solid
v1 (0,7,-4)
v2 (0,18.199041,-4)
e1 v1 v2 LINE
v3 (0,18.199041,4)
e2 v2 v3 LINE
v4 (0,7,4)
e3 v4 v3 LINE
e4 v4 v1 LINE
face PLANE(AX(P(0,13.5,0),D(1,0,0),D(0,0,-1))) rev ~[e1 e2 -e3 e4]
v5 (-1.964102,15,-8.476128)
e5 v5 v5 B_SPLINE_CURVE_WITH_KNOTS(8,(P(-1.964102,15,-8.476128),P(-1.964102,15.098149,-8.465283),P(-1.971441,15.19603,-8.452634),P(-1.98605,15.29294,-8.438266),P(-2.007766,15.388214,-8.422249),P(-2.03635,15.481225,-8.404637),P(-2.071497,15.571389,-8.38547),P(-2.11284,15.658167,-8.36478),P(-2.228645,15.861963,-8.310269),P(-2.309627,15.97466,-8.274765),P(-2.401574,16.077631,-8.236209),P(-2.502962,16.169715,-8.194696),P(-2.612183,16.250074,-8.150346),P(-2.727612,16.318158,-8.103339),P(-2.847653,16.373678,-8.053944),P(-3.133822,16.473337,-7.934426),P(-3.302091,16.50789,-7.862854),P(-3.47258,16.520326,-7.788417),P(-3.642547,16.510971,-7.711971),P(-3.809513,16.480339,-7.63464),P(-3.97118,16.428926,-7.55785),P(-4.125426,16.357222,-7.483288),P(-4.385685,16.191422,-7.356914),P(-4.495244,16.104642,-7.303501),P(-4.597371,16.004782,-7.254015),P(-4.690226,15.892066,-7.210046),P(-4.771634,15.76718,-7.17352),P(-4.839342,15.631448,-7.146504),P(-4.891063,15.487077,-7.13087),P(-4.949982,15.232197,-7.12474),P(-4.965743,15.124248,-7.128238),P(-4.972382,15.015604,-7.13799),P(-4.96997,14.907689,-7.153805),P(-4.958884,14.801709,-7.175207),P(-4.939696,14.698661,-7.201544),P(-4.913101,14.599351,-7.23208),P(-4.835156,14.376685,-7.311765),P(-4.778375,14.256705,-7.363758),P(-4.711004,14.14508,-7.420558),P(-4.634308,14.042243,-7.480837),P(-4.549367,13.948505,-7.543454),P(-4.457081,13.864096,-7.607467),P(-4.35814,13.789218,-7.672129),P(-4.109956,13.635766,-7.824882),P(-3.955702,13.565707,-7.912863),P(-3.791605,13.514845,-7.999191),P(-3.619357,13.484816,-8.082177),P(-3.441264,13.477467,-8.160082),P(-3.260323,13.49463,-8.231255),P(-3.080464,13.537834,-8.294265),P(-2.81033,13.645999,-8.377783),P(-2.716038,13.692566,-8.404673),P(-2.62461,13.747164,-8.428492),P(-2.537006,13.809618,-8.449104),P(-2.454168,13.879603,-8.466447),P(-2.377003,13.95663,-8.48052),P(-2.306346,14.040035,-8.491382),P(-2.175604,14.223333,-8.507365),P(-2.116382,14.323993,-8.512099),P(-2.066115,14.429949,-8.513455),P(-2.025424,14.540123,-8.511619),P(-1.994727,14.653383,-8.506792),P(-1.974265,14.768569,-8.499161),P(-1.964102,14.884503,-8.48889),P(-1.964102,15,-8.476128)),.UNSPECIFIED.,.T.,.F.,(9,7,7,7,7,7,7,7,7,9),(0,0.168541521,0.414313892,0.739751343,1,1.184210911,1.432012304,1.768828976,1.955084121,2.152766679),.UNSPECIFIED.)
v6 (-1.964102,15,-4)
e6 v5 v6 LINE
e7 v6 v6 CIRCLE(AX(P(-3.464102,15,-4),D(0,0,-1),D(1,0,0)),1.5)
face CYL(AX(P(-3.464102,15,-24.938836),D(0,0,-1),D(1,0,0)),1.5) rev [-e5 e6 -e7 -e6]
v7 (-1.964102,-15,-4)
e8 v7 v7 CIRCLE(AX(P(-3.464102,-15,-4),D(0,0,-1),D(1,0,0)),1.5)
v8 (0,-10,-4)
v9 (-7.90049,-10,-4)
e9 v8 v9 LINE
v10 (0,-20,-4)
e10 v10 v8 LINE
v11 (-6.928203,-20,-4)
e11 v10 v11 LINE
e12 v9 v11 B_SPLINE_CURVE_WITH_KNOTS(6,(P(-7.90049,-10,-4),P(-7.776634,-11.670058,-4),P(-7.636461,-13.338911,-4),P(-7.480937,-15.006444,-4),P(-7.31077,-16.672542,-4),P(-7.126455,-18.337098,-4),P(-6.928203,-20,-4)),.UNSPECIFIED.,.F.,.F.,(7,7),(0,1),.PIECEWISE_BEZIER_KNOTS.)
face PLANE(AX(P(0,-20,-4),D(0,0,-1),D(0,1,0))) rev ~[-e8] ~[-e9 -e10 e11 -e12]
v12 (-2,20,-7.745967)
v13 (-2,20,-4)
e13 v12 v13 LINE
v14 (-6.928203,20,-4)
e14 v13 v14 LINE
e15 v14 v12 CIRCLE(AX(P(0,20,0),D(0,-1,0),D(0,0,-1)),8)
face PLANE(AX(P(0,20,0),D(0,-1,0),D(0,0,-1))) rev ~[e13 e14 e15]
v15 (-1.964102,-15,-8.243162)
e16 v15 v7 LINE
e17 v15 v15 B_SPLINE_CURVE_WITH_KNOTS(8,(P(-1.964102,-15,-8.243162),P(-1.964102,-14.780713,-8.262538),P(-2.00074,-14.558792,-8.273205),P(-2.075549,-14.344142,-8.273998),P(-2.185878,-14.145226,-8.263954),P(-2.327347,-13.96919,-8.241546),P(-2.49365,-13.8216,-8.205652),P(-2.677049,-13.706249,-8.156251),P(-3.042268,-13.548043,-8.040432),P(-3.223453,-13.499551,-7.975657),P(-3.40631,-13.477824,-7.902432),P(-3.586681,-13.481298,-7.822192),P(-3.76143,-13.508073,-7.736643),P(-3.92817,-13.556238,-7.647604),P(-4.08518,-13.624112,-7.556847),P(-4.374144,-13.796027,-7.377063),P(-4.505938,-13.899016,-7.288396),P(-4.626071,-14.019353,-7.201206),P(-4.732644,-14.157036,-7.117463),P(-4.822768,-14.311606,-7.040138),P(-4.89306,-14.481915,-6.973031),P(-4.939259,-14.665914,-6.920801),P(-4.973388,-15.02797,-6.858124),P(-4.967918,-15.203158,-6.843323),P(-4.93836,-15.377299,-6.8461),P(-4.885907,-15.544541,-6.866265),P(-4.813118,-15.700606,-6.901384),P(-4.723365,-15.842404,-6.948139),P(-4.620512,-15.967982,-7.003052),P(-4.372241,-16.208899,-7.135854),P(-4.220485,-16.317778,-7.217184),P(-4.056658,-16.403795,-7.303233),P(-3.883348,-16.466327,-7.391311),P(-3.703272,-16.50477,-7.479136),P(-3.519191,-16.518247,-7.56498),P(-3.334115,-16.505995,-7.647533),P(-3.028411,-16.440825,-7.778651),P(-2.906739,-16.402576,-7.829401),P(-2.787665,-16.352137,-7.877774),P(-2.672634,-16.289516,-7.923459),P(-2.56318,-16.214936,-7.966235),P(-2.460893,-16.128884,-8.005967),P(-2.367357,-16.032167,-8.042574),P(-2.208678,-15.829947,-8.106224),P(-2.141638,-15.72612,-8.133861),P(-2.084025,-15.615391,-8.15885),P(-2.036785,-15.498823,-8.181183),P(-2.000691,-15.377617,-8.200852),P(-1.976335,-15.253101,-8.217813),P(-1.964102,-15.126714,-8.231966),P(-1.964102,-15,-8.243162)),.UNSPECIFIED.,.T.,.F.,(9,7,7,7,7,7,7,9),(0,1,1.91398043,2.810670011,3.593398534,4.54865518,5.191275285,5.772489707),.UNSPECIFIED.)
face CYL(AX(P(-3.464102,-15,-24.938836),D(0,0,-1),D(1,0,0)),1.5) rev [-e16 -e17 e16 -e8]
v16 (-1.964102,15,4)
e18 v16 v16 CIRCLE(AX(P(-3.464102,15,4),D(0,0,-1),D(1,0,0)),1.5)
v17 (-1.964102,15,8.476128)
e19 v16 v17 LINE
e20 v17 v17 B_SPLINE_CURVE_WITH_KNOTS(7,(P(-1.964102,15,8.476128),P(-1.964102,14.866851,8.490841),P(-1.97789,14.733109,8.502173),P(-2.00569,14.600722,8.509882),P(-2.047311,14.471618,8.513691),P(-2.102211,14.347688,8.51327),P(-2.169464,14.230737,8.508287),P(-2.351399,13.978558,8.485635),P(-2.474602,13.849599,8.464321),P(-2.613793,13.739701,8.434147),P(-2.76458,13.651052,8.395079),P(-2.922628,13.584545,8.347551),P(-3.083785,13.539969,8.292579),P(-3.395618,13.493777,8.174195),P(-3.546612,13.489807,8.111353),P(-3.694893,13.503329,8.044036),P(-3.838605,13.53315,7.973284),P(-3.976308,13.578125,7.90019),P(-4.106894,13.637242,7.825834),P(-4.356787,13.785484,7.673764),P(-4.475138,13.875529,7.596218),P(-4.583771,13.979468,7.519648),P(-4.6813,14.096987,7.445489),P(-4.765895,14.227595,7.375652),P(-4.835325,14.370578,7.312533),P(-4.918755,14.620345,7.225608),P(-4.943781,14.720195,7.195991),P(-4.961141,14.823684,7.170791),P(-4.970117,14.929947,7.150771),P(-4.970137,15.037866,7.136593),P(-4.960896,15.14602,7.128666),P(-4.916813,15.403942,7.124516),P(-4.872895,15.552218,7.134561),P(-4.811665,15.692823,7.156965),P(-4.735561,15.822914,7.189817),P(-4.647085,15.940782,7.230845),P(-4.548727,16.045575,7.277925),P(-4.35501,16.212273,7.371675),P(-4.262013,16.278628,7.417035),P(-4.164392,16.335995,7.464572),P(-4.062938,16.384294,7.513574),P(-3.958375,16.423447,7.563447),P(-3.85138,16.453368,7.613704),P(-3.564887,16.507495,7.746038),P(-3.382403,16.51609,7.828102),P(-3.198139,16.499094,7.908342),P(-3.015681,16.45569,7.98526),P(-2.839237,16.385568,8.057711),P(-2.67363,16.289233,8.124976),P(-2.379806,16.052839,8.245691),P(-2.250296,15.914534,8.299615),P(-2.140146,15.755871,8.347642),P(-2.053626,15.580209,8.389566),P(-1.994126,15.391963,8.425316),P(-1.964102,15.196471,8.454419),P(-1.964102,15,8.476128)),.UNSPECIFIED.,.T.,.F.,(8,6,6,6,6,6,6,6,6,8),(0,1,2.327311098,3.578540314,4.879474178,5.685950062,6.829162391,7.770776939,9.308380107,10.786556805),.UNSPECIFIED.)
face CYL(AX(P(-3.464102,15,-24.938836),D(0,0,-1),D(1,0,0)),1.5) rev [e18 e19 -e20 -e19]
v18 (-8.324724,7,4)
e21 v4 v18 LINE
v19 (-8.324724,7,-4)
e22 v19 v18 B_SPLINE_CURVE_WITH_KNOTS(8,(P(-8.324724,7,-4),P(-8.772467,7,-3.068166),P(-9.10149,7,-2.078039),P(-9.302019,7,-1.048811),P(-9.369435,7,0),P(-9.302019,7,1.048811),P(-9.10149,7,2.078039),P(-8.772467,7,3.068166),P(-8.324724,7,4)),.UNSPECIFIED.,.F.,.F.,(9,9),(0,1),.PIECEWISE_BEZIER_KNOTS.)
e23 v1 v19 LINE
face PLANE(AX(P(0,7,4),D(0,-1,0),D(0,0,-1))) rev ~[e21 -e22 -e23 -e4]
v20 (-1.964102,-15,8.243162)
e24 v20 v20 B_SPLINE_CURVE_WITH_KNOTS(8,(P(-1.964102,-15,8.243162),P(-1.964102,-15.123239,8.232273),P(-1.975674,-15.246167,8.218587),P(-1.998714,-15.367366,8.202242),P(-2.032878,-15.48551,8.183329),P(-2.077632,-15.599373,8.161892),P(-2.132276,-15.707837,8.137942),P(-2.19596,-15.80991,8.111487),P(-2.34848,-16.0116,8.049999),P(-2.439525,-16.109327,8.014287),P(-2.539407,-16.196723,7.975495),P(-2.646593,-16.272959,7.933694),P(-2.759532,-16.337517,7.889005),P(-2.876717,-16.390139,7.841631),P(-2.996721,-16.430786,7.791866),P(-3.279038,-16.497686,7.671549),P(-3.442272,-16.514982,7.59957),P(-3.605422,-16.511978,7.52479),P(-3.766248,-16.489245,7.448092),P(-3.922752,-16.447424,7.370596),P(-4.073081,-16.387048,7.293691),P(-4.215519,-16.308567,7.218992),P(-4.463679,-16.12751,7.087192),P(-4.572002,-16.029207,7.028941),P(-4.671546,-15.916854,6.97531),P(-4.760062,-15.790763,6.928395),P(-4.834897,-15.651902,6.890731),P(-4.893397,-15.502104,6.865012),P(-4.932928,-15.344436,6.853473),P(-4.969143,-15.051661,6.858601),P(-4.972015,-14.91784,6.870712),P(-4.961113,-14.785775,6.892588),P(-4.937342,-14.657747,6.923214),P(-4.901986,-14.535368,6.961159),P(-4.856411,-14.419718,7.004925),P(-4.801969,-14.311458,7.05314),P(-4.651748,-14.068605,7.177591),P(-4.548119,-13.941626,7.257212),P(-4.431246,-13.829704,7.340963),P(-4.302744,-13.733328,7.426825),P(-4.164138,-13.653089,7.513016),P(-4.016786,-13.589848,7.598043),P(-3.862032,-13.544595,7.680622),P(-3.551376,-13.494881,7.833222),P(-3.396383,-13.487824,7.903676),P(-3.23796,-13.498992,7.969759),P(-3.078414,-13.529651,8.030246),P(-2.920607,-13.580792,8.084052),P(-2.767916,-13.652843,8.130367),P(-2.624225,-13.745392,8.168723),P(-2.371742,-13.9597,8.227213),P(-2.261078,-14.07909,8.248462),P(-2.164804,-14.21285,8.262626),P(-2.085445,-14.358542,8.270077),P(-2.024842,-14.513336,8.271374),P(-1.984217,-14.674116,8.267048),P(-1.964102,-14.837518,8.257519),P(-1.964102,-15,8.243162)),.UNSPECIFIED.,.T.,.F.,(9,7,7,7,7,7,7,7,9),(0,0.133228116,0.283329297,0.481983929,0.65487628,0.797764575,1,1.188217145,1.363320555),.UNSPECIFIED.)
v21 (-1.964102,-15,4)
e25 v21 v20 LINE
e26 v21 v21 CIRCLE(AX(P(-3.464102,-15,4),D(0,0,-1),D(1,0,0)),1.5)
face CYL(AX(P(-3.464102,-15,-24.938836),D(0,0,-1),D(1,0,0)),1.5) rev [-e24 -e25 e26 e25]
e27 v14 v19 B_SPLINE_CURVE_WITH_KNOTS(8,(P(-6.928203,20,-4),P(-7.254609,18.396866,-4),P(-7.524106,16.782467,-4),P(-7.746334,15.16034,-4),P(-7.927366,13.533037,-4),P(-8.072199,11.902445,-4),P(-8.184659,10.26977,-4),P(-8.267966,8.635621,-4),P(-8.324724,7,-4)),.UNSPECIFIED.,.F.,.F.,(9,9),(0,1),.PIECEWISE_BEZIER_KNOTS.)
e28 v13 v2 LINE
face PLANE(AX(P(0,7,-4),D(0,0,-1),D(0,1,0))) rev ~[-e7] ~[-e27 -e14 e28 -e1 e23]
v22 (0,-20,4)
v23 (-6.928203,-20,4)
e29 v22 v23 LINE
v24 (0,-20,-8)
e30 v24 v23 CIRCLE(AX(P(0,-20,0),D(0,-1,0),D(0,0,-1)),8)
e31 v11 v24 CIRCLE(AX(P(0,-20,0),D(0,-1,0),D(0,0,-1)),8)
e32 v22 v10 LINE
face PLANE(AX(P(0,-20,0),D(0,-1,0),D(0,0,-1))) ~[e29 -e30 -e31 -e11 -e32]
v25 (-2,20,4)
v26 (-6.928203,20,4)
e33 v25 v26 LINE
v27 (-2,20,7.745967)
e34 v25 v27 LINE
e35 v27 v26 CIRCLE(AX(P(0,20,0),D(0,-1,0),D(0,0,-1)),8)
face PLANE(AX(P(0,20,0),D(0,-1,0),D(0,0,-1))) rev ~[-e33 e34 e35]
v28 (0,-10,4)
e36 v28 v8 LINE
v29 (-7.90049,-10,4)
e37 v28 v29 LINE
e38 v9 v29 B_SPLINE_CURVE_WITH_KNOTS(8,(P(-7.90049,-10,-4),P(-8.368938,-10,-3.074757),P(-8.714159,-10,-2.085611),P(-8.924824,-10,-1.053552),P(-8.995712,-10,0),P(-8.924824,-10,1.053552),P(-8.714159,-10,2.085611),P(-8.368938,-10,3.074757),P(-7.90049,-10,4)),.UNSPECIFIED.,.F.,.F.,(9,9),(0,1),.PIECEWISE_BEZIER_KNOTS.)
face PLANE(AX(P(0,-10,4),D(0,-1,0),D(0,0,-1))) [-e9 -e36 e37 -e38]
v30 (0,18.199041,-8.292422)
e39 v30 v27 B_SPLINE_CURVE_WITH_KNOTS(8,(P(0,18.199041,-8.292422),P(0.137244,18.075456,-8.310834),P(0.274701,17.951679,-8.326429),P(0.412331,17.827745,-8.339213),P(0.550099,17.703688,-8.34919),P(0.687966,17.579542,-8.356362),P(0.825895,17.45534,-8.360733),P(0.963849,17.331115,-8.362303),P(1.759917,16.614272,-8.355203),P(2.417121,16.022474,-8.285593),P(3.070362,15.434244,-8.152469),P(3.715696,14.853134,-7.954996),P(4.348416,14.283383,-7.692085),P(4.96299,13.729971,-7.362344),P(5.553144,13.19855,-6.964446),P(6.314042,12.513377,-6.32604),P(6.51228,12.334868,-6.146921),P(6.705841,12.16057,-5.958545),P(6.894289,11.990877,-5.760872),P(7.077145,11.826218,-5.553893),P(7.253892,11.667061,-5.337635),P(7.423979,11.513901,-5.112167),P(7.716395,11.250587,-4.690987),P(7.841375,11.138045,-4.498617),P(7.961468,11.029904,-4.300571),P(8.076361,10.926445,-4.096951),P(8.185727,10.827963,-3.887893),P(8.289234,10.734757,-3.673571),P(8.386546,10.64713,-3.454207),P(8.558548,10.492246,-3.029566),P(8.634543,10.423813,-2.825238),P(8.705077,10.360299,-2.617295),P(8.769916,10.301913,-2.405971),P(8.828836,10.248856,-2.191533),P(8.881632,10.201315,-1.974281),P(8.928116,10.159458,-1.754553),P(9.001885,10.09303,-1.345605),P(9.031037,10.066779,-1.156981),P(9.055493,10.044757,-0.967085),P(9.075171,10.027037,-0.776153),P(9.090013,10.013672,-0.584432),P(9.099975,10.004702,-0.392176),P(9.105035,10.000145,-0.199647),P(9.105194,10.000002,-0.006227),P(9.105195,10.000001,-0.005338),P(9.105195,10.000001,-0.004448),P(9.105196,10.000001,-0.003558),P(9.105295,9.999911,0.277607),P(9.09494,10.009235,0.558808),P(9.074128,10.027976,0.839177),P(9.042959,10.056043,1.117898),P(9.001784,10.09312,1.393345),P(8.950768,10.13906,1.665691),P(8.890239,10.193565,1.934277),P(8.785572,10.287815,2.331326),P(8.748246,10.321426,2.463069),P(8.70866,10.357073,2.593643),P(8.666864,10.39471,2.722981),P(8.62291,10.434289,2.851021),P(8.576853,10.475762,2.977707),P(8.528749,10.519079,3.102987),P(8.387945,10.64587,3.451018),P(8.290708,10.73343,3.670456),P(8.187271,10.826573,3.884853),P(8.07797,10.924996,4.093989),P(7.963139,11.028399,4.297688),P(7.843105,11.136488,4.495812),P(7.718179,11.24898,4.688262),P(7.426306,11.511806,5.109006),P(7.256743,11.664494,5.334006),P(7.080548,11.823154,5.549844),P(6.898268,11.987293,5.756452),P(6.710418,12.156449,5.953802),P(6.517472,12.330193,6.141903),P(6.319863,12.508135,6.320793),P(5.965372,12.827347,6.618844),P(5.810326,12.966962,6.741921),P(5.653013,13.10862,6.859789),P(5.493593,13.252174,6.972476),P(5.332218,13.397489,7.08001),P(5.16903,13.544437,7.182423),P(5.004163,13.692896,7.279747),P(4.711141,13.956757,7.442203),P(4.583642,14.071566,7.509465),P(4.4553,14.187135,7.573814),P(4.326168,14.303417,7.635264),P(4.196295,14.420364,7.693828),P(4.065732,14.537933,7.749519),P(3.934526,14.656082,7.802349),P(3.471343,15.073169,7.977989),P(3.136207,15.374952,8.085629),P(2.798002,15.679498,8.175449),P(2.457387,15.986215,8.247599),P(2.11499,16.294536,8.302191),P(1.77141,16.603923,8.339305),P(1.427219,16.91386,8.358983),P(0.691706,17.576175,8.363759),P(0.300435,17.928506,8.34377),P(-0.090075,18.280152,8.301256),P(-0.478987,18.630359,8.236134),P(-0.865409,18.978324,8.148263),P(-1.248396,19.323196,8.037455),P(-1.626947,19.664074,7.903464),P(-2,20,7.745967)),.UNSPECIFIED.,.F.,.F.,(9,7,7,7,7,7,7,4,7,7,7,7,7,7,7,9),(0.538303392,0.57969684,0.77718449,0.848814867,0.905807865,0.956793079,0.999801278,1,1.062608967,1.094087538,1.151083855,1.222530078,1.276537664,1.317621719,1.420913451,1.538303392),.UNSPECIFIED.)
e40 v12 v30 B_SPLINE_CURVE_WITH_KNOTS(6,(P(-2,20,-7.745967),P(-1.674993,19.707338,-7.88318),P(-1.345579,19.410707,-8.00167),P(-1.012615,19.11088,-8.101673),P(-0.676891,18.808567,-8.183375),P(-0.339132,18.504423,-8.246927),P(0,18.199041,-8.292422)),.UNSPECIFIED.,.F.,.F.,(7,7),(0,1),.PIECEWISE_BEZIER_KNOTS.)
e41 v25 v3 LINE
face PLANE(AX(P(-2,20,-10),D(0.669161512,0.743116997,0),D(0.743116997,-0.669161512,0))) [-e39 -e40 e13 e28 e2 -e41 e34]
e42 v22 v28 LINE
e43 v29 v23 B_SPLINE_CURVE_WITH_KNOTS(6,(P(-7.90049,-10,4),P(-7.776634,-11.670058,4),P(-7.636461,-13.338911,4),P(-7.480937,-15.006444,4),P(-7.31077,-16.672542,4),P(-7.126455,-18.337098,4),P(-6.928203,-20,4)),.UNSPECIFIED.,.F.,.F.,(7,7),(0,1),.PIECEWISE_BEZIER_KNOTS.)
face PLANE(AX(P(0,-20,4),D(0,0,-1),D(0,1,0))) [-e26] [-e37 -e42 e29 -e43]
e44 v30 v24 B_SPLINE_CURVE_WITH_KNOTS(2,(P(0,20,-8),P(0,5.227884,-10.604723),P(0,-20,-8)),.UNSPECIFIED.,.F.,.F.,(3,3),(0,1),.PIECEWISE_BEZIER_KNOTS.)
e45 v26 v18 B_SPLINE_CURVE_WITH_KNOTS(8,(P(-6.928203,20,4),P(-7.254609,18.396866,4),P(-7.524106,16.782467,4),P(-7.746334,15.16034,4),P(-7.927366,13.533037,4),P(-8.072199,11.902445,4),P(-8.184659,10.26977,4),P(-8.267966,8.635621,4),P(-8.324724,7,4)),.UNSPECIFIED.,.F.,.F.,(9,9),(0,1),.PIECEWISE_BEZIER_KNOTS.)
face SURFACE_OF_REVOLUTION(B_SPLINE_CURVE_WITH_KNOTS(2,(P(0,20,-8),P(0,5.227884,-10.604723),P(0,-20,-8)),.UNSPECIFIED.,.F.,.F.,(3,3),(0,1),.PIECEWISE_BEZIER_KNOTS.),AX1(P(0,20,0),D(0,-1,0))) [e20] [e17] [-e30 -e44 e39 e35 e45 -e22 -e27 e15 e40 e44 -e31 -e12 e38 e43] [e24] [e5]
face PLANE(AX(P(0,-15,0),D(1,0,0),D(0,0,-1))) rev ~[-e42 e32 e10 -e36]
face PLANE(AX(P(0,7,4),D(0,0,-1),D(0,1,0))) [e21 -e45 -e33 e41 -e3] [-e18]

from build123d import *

# Parameters (mm, degrees)
SKETCH2_W               = 8
SKETCH2_H               = 13
SKETCH2_H_2             = 10
CUT_EXTRUDE1_DEPTH      = 24.938835821
CUT_EXTRUDE2_DEPTH      = 24.938835821
CUT_EXTRUDE2_DEPTH_BACK = 24.938835821
SKETCH3_R               = 1.5
CUT_EXTRUDE3_DEPTH      = 10
CUT_EXTRUDE3_DEPTH_BACK = 10


with BuildPart() as part:
    # Sketch1 → Revolve1 (revolve)
    with BuildSketch(Plane(origin=(0, 0, 0), x_dir=(0, 0, -1), z_dir=(1, 0, 0))):
        with BuildLine():
            Line((0, 20), (0, -20))
            Line((0, -20), (8, -20))
            add(Edge.make_bspline(
                [(8, 20), (10.604722665, 5.227883705), (8, -20)],
                knots=[0, 0, 0, 1, 1, 1], degree=2))
            Line((8, 20), (0, 20))
        make_face()
    revolve(axis=Axis((0, 20, 0), (0, -1, 0)))

    # Sketch2 → Cut-Extrude1 (cut, through all)
    with BuildSketch(Plane(origin=(0, 0, 0), x_dir=(0, 0, -1), z_dir=(1, 0, 0))):
        with Locations((0, 13.5)):
            Rectangle(SKETCH2_W, SKETCH2_H)
        with Locations((0, -15)):
            Rectangle(SKETCH2_W, SKETCH2_H_2)
    extrude(amount=-CUT_EXTRUDE1_DEPTH, mode=Mode.SUBTRACT)

    # Sketch3 → Cut-Extrude2 (cut, two sides: drawn at the far end of the back side and taken through both)
    with BuildSketch(Plane.XY.offset(-CUT_EXTRUDE2_DEPTH_BACK)):
        with Locations((-3.464101615, 15)):
            Circle(SKETCH3_R)
        with Locations((-3.464101615, -15)):
            Circle(SKETCH3_R)
    extrude(amount=CUT_EXTRUDE2_DEPTH + CUT_EXTRUDE2_DEPTH_BACK, mode=Mode.SUBTRACT)

    # Sketch4 → Cut-Extrude3 (cut, two sides: drawn at the far end of the back side and taken through both)
    with BuildSketch(Plane.XY.offset(-CUT_EXTRUDE3_DEPTH_BACK)):
        with BuildLine():
            Line((-2, 20), (9.10519633, 10))
            add(Edge.make_bspline(
                [(9.10519633, 10), (8.795626613, 15.487777253), (8, 20)],
                knots=[0.694544596, 0.694544596, 0.694544596, 1, 1, 1], degree=2))
            Line((8, 20), (-2, 20))
        make_face()
    extrude(amount=CUT_EXTRUDE3_DEPTH + CUT_EXTRUDE3_DEPTH_BACK, mode=Mode.SUBTRACT)


solid = part.part
